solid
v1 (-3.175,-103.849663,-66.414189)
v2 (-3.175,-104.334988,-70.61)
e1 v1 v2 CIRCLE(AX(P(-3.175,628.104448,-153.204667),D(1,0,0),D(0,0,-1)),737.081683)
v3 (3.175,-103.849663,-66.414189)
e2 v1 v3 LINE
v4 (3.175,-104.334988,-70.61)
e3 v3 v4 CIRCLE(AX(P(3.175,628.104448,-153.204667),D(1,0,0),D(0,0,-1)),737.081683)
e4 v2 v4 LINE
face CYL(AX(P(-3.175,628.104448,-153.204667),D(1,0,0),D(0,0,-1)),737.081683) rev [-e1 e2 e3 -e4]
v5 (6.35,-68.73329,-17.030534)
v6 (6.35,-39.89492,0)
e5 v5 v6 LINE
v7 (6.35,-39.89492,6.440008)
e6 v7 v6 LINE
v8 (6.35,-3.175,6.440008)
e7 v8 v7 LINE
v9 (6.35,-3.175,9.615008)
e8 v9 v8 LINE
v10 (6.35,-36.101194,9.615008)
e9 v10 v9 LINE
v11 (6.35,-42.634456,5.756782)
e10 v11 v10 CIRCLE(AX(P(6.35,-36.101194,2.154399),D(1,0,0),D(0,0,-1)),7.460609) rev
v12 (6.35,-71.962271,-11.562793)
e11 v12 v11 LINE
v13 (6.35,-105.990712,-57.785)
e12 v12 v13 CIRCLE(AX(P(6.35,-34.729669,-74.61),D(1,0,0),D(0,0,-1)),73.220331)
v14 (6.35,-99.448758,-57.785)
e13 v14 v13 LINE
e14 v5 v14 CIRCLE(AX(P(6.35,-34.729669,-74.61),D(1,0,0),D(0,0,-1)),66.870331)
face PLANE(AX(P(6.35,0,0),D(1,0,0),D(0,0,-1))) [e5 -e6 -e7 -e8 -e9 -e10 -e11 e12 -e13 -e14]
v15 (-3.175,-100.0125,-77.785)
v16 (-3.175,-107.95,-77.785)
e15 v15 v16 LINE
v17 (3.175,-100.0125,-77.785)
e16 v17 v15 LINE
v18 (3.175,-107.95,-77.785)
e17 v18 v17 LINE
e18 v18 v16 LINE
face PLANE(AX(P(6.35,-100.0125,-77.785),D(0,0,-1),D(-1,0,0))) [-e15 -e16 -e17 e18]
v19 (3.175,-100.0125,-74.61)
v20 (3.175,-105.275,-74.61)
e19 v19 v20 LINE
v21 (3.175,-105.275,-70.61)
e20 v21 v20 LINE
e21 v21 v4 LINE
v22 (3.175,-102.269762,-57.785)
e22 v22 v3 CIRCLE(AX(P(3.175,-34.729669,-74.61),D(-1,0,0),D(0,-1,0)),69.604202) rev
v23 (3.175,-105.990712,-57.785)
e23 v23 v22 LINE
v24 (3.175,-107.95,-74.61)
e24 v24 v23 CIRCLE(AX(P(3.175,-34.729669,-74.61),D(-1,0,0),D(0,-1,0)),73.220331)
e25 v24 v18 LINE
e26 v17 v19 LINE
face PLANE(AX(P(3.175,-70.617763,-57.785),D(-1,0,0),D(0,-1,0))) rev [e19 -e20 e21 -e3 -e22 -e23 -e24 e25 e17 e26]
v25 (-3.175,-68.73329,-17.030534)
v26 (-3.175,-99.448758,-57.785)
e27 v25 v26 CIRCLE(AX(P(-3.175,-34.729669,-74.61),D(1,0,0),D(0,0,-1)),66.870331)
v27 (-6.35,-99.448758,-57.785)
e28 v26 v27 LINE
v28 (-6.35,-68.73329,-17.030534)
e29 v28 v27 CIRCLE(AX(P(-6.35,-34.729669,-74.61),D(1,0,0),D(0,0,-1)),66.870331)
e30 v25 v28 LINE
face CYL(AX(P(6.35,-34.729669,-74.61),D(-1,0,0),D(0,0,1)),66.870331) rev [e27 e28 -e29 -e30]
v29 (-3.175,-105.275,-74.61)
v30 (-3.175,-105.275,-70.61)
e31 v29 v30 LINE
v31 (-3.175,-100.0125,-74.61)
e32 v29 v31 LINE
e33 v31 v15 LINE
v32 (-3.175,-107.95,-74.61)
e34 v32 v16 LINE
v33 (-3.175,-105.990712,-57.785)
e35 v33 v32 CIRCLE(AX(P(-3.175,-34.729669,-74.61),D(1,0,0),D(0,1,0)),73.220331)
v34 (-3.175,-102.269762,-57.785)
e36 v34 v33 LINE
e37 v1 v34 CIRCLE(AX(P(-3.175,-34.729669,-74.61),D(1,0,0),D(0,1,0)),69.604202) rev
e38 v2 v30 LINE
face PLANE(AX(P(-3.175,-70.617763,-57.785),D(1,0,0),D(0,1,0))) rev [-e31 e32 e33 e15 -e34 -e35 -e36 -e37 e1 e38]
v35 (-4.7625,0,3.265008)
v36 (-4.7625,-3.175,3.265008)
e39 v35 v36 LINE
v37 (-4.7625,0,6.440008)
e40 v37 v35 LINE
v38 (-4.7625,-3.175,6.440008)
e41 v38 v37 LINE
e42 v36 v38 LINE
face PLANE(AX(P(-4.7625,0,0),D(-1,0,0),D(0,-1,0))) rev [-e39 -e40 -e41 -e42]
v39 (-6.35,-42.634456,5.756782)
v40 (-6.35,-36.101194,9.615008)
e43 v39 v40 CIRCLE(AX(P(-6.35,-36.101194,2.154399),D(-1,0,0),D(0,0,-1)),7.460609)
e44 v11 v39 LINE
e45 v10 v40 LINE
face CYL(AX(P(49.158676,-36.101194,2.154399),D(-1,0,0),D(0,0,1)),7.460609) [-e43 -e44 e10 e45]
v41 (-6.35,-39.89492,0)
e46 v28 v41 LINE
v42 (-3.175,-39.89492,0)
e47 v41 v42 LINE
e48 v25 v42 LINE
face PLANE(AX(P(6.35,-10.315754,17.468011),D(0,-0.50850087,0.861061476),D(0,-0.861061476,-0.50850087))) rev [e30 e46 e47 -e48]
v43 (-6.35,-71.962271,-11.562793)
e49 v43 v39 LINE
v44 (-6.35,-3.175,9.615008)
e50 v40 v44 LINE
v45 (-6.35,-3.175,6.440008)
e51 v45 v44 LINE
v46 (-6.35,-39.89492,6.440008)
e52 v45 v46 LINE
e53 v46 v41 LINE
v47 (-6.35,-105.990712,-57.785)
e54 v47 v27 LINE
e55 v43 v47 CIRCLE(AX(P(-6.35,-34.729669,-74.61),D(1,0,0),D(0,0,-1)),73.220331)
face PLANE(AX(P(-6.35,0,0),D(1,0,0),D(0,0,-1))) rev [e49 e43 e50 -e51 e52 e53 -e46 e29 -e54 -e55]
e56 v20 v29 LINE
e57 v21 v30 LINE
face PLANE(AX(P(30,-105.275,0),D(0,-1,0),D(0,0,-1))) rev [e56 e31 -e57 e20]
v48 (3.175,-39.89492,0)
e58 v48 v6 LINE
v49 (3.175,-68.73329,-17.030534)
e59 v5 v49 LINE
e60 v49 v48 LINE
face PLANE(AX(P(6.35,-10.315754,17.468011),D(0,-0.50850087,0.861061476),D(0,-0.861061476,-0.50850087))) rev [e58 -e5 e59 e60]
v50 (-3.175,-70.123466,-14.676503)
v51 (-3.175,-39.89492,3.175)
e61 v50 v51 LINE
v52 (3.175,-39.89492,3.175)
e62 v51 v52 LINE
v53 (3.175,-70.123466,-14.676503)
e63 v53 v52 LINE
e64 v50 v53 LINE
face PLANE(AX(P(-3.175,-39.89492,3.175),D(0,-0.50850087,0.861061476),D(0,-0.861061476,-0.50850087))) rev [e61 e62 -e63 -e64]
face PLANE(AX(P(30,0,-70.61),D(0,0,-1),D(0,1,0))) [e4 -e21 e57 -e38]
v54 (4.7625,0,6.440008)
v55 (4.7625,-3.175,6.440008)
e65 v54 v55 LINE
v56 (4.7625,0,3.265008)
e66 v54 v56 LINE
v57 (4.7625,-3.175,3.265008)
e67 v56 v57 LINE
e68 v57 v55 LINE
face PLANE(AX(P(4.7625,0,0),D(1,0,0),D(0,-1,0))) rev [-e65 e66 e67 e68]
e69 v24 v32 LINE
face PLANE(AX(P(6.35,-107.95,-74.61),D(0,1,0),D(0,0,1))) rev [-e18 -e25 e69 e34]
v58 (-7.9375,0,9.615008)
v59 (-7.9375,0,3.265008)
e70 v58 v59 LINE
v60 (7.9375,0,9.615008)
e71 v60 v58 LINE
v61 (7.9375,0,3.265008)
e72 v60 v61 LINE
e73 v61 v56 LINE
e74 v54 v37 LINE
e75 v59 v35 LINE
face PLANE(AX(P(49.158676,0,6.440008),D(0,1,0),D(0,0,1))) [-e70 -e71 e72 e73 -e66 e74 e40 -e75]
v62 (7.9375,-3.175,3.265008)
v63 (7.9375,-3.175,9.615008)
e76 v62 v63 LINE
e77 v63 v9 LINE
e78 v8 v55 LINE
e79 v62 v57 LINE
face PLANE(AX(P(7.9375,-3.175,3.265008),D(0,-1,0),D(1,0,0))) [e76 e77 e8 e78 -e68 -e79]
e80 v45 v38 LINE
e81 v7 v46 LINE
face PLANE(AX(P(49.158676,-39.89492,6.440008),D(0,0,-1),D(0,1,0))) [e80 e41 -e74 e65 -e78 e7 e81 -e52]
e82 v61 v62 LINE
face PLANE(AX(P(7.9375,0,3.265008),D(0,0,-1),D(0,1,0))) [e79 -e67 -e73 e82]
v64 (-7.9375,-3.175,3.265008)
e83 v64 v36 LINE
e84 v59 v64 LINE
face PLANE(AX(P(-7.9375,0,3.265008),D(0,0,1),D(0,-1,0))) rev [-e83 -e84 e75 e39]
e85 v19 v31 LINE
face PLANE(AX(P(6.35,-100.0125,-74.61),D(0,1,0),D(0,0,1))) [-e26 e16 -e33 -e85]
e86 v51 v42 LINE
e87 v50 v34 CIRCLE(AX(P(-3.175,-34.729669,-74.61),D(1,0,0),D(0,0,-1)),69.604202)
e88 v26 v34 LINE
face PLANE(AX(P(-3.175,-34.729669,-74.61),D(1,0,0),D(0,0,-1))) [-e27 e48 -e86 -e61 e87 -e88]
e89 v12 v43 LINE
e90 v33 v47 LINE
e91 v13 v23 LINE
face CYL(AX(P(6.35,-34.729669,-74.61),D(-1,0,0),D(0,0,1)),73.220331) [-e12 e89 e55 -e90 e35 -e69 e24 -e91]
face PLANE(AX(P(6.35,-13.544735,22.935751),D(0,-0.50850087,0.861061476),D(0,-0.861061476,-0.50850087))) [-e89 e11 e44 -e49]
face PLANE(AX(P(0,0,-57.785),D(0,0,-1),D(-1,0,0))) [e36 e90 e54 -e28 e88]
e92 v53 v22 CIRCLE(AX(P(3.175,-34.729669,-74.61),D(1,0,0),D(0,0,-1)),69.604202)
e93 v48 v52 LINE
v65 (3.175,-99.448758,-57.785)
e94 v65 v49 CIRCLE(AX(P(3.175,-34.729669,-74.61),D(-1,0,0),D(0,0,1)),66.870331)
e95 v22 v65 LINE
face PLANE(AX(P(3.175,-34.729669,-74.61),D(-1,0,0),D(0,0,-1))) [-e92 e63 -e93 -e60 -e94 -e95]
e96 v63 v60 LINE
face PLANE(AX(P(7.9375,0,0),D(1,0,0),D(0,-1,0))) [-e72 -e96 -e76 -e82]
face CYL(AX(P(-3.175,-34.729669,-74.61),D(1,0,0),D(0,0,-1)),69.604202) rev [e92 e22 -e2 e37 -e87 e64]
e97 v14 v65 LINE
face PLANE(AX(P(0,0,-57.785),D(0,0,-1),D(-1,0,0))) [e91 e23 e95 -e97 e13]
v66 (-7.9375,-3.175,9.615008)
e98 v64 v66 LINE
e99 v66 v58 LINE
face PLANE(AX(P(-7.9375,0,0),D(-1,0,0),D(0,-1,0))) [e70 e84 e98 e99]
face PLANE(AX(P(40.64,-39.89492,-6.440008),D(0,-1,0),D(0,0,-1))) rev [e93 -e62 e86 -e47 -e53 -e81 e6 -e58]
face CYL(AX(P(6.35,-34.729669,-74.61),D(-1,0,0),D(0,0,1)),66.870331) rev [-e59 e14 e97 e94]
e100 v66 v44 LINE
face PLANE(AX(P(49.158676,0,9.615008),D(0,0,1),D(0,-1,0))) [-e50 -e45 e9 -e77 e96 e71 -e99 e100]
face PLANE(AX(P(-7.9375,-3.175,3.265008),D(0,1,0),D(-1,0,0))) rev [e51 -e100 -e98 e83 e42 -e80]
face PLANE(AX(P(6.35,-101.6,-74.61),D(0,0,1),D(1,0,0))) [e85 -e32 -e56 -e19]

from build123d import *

# Parameters (mm, degrees)
SKETCH5_W           = 12.880016042
SKETCH5_H           = 15.834691301
CUT_EXTRUDE2_DEPTH  = 7.62
CUT_EXTRUDE6_REACH  = 62
SKETCH11_W          = 3.175
SKETCH11_H          = 3.175
BOSS_EXTRUDE1_DEPTH = 6.35
CUT_EXTRUDE4_DEPTH  = 3.175
SKETCH10_W          = 4
SKETCH10_H          = 0.5
CUT_EXTRUDE5_DEPTH  = 37.349999944
CUT_EXTRUDE7_DEPTH  = 40.64
BOSS_EXTRUDE3_DEPTH = 12.7
SKETCH19_W          = 21.319602533
SKETCH19_H          = 36.10119369
CUT_EXTRUDE10_DEPTH = 13.7
SKETCH15_W          = 6.35
SKETCH15_H          = 3.175
BOSS_EXTRUDE2_DEPTH = 1.5875
SKETCH17_W          = 3.175
SKETCH17_H          = 37.332237063
CUT_EXTRUDE9_DEPTH  = 20


with BuildPart() as part:
    # Sketch2 → Revolve1 (revolve)
    with BuildSketch(Plane(origin=(0, 0, 0), x_dir=(0, 0, -1), z_dir=(1, 0, 0))):
        Polygon((0, -50.8), (-29.999999944, 0), (0, 0), align=None)
    revolve(axis=Axis((0, 0, 0), (0, -1, 0)))

    # Sketch4 → Cut-Revolve1 (revolve, cut)
    with BuildSketch(Plane(origin=(0, 0, 0), x_dir=(0, 0, -1), z_dir=(1, 0, 0))):
        Polygon((0, -45.72), (-24.919999944, 0), (0, 0), align=None)
    revolve(axis=Axis((0, 16.11457811, 0), (0, -1, 0)), mode=Mode.SUBTRACT)

    # Sketch5 → Cut-Extrude2 (cut, symmetric)
    with BuildSketch(Plane(origin=(0, 0, 0), x_dir=(0, 0, -1), z_dir=(1, 0, 0))):
        with Locations((0, -47.812265381)):
            Rectangle(SKETCH5_W, SKETCH5_H)
    extrude(amount=CUT_EXTRUDE2_DEPTH, both=True, mode=Mode.SUBTRACT)

    # Sketch11 → Cut-Extrude6 (cut, up to next)
    with BuildSketch(Plane.XY.offset(29.999999944), mode=Mode.PRIVATE) as cut_extrude6_sk1:
        with Locations((4.7625, -1.5875)):
            Rectangle(SKETCH11_W, SKETCH11_H)
    cut_extrude6_tool1 = extrude(cut_extrude6_sk1.sketch, amount=-CUT_EXTRUDE6_REACH, mode=Mode.PRIVATE) & part.part
    add(cut_extrude6_tool1.solids().sort_by_distance((4.7625, -1.5875, 30))[0], mode=Mode.SUBTRACT)
    # Sketch11 → Cut-Extrude6 (cut, up to next)
    with BuildSketch(Plane.XY.offset(29.999999944), mode=Mode.PRIVATE) as cut_extrude6_sk2:
        with Locations((-4.7625, -1.5875)):
            Rectangle(SKETCH11_W, SKETCH11_H)
    cut_extrude6_tool2 = extrude(cut_extrude6_sk2.sketch, amount=-CUT_EXTRUDE6_REACH, mode=Mode.PRIVATE) & part.part
    add(cut_extrude6_tool2.solids().sort_by_distance((-4.7625, -1.5875, 30))[0], mode=Mode.SUBTRACT)

    # Sketch6 → Boss-Extrude1 (add, symmetric)
    with BuildSketch(Plane(origin=(0, 0, 0), x_dir=(0, 0, -1), z_dir=(1, 0, 0))):
        with BuildLine():
            Line((0, -39.89491973), (-7.374618631, -39.89491973))
            Line((-7.374618631, -39.89491973), (11.56279342, -71.962270863))
            ThreePointArc((11.56279342, -71.962270863), (29.890602823, -92.707185326), (54.61, -105.165575141))
            ThreePointArc((54.61, -105.165575141), (64.513552335, -107.250553005), (74.61, -107.95))
            Line((74.61, -107.95), (77.785, -107.95))
            Line((77.785, -107.95), (77.785, -100.0125))
            Line((77.785, -100.0125), (74.61, -100.0125))
            Line((74.61, -100.0125), (74.61, -101.6))
            ThreePointArc((74.61, -101.6), (41.460280796, -92.804941633), (17.03053379, -68.733290336))
            Line((17.03053379, -68.733290336), (0, -39.89491973))
        make_face()
        Polygon((-30.934610553, 0), (-7.374618631, -39.89491973), (0, -39.89491973), (-23.559991923, 0), align=None)
    extrude(amount=BOSS_EXTRUDE1_DEPTH, both=True)

    # Sketch7 → Cut-Extrude4 (cut)
    with BuildSketch(Plane(origin=(0, 0, 0), x_dir=(0, 0, -1), z_dir=(1, 0, 0))):
        with BuildLine():
            Line((-3.175, -39.89491973), (14.676503495, -70.123465704))
            ThreePointArc((14.676503495, -70.123465704), (36.599939349, -93.039017482), (66.414189392, -103.849662572))
            ThreePointArc((66.414189392, -103.849662572), (70.51080038, -104.32379518), (74.61, -104.775))
            Line((74.61, -104.775), (74.61, -101.6))
            ThreePointArc((74.61, -101.6), (59.345071166, -99.83437787), (44.886242604, -94.630749287))
            ThreePointArc((44.886242604, -94.630749287), (29.078331812, -83.704237641), (17.03053379, -68.733290336))
            Line((17.03053379, -68.733290336), (-23.559991923, 0))
            Line((-23.559991923, 0), (-26.734991923, 0))
            Line((-26.734991923, 0), (-3.175, -39.89491973))
        make_face()
    cut_extrude4 = extrude(amount=-CUT_EXTRUDE4_DEPTH, mode=Mode.SUBTRACT)

    # Mirror1: Cut-Extrude4 across plane
    add(cut_extrude4.mirror(Plane(origin=(0, 0, 0), x_dir=(0, 0, 1), z_dir=(1, 0, 0))), mode=Mode.SUBTRACT)

    # Sketch9 → Cut-Revolve2 (revolve, cut)
    with BuildSketch(Plane(origin=(0, 0, 0), x_dir=(0, 0, -1), z_dir=(1, 0, 0))):
        Polygon((0, 0), (-24.9199908, 0), (-0.536470716, -39.89491973), (0, -39.89491973), align=None)
    revolve(axis=Axis((0, 16.11457811, 0), (0, -1, 0)), mode=Mode.SUBTRACT)

    # Sketch10 → Cut-Extrude5 (cut, through all)
    with BuildSketch(Plane.ZY.offset(6.35)):
        with BuildLine():
            Line((-70.61, -104.775), (-70.61, -101.480258272))
            ThreePointArc((-70.61, -101.480258272), (-72.609104071, -101.570057864), (-74.61, -101.6))
            Line((-74.61, -101.6), (-74.61, -104.775))
            Line((-74.61, -104.775), (-70.61, -104.775))
        make_face()
        with Locations((-72.61, -105.025)):
            Rectangle(SKETCH10_W, SKETCH10_H)
    extrude(amount=-CUT_EXTRUDE5_DEPTH, mode=Mode.SUBTRACT)

    # Sketch12 → Cut-Extrude7 (cut, symmetric)
    with BuildSketch(Plane.ZY):
        Polygon((30, 0), (-61.025869449, 0), (-61.025869449, -39.89491973), (-6.440008021, -39.89491973), (6.44000802, -39.89491973), (27.945214206, -3.175), align=None)
    extrude(amount=CUT_EXTRUDE7_DEPTH, both=True, mode=Mode.SUBTRACT)

    # Sketch18 → Boss-Extrude3 (add)
    with BuildSketch(Plane.ZY.offset(6.35)):
        with BuildLine():
            Line((6.44000802, -39.89491973), (6.44000802, 0))
            Line((6.44000802, 0), (9.61500802, 0))
            Line((9.61500802, 0), (9.61500802, -34.473639686))
            Line((9.61500802, -34.473639686), (9.61500802, -36.10119369))
            ThreePointArc((9.61500802, -36.10119369), (8.57844205, -39.89491973), (5.756782033, -42.634456374))
            Line((5.756782033, -42.634456374), (6.44000802, -41.477527034))
            Line((6.44000802, -41.477527034), (6.44000802, -39.89491973))
        make_face()
    extrude(amount=-BOSS_EXTRUDE3_DEPTH)

    # Sketch19 → Cut-Extrude10 (cut, through all)
    with BuildSketch(Plane.ZY.offset(6.35)):
        with Locations((20.274809287, -18.050596845)):
            Rectangle(SKETCH19_W, SKETCH19_H)
    extrude(amount=-CUT_EXTRUDE10_DEPTH, mode=Mode.SUBTRACT)

    # Sketch15 → Boss-Extrude2 (add, symmetric)
    with BuildSketch(Plane.ZY.offset(6.35)):
        with Locations((6.44000802, -1.5875)):
            Rectangle(SKETCH15_W, SKETCH15_H)
    boss_extrude2 = extrude(amount=BOSS_EXTRUDE2_DEPTH, both=True)

    # Mirror2: Boss-Extrude2 across plane
    add(boss_extrude2.mirror(Plane(origin=(0, 0, 0), x_dir=(0, 0, 1), z_dir=(1, 0, 0))))

    # Sketch17 → Cut-Extrude9 (cut)
    with BuildSketch(Plane(origin=(0, 0, -77.785), x_dir=(-1, 0, 0), z_dir=(0, 0, -1))):
        with Locations((-4.7625, -89.283881468)):
            Rectangle(SKETCH17_W, SKETCH17_H)
        with Locations((4.7625, -89.283881468)):
            Rectangle(SKETCH17_W, SKETCH17_H)
    extrude(amount=-CUT_EXTRUDE9_DEPTH, mode=Mode.SUBTRACT)


solid = part.part
